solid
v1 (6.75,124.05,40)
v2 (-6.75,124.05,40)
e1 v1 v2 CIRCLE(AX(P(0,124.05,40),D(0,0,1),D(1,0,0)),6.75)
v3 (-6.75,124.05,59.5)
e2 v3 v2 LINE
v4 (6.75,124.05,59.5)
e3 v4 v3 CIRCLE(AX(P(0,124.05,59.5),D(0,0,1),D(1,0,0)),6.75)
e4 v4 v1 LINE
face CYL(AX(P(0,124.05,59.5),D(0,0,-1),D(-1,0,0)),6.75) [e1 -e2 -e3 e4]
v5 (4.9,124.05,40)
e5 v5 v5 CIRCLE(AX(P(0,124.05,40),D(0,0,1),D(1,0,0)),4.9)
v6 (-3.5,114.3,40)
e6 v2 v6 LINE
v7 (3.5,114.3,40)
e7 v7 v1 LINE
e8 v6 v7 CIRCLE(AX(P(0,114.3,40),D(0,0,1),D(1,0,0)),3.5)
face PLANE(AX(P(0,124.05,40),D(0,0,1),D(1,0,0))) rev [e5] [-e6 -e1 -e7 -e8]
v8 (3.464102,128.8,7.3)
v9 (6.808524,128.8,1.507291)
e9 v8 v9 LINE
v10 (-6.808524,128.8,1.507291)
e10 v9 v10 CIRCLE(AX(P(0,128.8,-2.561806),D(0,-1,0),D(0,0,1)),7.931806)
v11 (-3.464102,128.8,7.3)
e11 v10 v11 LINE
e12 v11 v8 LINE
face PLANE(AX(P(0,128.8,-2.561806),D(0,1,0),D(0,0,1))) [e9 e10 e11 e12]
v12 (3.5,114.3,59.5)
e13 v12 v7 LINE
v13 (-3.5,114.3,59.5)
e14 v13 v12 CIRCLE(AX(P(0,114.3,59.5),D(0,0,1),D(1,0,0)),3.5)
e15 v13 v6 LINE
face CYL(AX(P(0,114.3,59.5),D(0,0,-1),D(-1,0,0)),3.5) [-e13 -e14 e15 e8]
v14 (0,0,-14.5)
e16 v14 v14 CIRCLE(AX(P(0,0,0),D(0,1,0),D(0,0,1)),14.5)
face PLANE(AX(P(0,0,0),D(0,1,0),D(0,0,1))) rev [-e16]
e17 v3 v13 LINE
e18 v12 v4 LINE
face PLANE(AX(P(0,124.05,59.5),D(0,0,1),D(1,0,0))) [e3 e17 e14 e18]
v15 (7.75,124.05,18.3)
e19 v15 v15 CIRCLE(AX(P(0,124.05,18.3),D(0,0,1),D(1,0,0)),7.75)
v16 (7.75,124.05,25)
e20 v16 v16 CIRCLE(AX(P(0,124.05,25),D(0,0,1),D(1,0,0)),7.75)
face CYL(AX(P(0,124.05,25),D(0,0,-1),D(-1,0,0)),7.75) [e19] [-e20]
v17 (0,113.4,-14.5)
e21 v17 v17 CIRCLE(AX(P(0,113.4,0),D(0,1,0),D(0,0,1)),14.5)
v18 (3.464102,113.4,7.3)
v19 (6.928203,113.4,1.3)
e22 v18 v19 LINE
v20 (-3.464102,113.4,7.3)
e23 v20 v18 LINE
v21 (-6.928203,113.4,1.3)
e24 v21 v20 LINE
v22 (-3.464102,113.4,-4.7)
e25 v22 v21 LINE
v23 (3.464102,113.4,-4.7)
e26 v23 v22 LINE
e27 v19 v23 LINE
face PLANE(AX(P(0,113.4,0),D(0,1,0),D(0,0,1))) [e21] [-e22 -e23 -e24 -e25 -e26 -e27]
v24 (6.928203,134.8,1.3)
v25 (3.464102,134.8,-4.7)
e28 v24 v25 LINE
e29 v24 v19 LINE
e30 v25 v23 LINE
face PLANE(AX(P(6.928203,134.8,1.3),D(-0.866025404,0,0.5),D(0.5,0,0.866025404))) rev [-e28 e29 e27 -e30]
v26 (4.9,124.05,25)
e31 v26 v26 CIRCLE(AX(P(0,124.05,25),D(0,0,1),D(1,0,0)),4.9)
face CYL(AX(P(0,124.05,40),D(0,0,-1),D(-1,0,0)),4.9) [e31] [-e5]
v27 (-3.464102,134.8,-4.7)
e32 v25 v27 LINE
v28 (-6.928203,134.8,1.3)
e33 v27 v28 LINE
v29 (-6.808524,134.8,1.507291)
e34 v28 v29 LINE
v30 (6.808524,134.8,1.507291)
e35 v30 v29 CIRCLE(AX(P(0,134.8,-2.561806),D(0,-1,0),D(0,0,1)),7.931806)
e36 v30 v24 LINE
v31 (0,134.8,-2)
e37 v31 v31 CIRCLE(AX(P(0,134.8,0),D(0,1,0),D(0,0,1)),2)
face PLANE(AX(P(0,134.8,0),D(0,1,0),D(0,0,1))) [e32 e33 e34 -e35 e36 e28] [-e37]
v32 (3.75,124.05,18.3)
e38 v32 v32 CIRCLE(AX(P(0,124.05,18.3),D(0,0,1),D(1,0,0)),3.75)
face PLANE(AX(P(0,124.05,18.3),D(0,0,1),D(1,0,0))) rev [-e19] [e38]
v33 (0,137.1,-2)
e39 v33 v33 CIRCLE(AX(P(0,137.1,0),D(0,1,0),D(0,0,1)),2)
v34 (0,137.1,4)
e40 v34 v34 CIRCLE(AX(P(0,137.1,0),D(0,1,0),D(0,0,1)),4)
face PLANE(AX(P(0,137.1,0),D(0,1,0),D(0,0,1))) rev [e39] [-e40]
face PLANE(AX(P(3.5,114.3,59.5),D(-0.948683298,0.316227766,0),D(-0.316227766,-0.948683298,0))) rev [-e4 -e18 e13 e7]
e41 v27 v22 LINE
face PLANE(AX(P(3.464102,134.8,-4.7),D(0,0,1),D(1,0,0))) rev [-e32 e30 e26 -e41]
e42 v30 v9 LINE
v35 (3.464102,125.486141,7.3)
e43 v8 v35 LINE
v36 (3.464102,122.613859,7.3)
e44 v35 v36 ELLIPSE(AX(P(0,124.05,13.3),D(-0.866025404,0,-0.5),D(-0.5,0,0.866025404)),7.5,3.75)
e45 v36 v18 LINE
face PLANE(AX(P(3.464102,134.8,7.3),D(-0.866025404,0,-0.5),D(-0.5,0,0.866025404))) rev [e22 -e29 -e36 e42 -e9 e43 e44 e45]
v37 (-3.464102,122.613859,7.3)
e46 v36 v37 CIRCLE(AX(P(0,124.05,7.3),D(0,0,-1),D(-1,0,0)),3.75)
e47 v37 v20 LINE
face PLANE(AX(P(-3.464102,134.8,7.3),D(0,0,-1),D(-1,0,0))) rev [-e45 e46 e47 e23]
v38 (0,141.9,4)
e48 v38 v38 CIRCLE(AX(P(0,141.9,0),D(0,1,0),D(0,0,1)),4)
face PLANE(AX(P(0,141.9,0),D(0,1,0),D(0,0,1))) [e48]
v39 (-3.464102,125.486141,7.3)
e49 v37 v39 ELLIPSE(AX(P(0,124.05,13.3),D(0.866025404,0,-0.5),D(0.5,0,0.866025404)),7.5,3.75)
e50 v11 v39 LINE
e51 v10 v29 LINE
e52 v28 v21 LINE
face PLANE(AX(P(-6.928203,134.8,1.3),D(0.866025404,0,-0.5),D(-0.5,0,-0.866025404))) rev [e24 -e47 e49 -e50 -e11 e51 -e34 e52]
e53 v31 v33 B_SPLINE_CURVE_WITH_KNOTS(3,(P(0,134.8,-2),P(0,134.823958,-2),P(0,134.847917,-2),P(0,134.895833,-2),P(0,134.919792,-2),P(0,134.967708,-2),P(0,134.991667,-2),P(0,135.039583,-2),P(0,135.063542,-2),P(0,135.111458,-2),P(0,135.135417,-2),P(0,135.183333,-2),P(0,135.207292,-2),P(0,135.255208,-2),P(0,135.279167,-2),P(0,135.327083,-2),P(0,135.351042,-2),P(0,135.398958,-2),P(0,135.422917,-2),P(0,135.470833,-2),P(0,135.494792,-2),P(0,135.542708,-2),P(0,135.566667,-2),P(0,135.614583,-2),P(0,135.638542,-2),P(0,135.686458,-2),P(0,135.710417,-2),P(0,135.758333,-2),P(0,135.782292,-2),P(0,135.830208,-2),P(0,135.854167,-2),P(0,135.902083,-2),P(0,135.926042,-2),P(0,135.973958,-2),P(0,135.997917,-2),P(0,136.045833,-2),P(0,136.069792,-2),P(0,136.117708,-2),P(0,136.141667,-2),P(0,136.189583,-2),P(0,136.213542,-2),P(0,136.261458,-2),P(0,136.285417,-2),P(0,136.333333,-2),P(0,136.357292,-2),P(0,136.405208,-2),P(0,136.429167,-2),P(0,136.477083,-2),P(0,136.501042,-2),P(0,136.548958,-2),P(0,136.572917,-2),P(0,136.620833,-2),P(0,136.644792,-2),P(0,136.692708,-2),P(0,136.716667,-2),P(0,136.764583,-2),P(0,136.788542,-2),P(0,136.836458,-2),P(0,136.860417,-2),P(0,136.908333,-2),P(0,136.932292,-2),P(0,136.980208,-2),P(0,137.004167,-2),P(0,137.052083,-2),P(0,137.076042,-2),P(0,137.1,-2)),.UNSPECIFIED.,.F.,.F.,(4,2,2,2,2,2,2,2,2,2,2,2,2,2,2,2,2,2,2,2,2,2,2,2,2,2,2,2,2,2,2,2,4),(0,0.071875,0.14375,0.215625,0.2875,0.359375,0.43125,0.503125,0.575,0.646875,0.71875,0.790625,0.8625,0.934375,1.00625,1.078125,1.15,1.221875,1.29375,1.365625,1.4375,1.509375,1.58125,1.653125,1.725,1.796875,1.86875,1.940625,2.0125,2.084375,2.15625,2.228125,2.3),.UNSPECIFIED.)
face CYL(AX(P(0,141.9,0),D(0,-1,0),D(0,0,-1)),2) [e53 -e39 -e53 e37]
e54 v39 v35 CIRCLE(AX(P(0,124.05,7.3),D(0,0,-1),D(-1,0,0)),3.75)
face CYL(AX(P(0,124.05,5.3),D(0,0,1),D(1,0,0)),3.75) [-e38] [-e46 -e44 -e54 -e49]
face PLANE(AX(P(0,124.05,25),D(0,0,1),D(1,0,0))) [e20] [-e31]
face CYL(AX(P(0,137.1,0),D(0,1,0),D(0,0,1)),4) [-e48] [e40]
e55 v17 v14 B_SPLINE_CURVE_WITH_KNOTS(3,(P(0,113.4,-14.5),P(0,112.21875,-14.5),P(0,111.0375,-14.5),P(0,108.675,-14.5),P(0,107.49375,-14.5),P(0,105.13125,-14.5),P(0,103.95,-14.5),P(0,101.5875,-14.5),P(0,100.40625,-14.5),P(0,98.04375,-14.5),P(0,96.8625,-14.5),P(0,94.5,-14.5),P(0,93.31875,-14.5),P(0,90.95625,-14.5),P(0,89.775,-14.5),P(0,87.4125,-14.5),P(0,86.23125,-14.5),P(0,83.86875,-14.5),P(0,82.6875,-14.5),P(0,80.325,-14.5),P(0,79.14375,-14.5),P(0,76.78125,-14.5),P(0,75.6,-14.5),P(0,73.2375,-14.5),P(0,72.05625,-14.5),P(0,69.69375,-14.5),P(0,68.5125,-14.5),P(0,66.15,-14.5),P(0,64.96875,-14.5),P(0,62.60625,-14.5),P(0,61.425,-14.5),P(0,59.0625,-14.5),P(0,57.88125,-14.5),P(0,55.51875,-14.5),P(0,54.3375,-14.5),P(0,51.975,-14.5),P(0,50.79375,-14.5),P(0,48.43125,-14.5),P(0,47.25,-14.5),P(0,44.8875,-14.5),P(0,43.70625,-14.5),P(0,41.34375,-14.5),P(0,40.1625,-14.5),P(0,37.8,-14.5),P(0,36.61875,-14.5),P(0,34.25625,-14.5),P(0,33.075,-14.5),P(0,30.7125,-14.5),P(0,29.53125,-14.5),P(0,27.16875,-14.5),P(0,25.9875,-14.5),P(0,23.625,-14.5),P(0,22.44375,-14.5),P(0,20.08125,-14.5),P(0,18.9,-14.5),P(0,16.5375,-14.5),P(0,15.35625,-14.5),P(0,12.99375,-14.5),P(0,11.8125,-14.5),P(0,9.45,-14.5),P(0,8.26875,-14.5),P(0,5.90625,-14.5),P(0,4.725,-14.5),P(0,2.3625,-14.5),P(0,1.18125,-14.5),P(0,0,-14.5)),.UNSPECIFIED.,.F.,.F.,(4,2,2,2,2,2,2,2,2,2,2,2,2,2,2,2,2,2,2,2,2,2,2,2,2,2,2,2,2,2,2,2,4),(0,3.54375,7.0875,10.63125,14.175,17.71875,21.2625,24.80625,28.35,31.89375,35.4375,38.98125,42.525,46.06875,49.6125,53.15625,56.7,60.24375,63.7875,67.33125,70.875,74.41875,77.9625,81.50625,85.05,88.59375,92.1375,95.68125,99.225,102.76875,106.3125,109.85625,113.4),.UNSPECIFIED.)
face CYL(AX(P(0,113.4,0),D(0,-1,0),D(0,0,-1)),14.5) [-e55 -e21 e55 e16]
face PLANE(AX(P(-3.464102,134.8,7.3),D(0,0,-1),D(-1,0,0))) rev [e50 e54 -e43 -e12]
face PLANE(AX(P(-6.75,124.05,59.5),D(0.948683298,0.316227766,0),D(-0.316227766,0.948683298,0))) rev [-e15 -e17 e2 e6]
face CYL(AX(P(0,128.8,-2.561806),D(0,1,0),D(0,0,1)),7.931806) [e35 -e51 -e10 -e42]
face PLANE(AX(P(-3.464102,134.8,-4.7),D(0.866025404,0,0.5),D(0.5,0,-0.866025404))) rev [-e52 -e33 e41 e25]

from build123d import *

# Parameters (mm, degrees)
SKETCH1_R                = 14.5
BOSS_EXTRUDE1_DEPTH      = 113.4
SKETCH2_R                = 2
BOSS_EXTRUDE2_DEPTH      = 28.5
SKETCH3_R                = 4
BOSS_EXTRUDE3_DEPTH      = 4.8
BOSS_EXTRUDE4_DEPTH      = 21.4
CUT_EXTRUDE1_DEPTH       = 6
BOSS_EXTRUDE5_DEPTH      = 11
BOSS_EXTRUDE5_DEPTH_BACK = 2
SKETCH7_R                = 3.75
SKETCH8_R                = 7.75
BOSS_EXTRUDE6_DEPTH      = 6.7
SKETCH9_R                = 4.9
BOSS_EXTRUDE7_DEPTH      = 15
BOSS_EXTRUDE8_DEPTH      = 19.5


with BuildPart() as part:
    # Sketch1 → Boss-Extrude1 (new body)
    with BuildSketch(Plane(origin=(0, 0, 0), x_dir=(1, 0, 0), z_dir=(0, 1, 0))):
        with Locations(Location((0, 0, 0), (0, 0, 90))):
            Circle(SKETCH1_R)
    extrude(amount=BOSS_EXTRUDE1_DEPTH)

    # Sketch2 → Boss-Extrude2 (add)
    with BuildSketch(Plane(origin=(0, 113.4, 0), x_dir=(1, 0, 0), z_dir=(0, 1, 0))):
        with Locations(Location((0, 0, 0), (0, 0, 90))):
            Circle(SKETCH2_R)
    extrude(amount=BOSS_EXTRUDE2_DEPTH)

    # Sketch3 → Boss-Extrude3 (add)
    with BuildSketch(Plane(origin=(0, 141.9, 0), x_dir=(1, 0, 0), z_dir=(0, 1, 0))):
        with Locations(Location((0, 0, 0), (0, 0, 270))):
            Circle(SKETCH3_R)
    extrude(amount=-BOSS_EXTRUDE3_DEPTH)

    # Sketch4 → Boss-Extrude4 (add)
    with BuildSketch(Plane(origin=(0, 113.4, 0), x_dir=(1, 0, 0), z_dir=(0, 1, 0))):
        Polygon((3.464101615, 4.7), (-3.464101615, 4.7), (-6.92820323, -1.3), (-3.464101615, -7.3), (3.464101615, -7.3), (6.92820323, -1.3), align=None)
    extrude(amount=BOSS_EXTRUDE4_DEPTH)

    # Sketch6 → Cut-Extrude1 (cut)
    with BuildSketch(Plane(origin=(0, 134.8, 0), x_dir=(1, 0, 0), z_dir=(0, 1, 0))):
        with BuildLine():
            Line((-6.92820323, -1.3), (-6.92820323, -9.46576474))
            Line((-6.92820323, -9.46576474), (6.92820323, -9.46576474))
            Line((6.92820323, -9.46576474), (6.92820323, -1.3))
            ThreePointArc((6.92820323, -1.3), (0, -5.37), (-6.92820323, -1.3))
        make_face()
    extrude(amount=-CUT_EXTRUDE1_DEPTH, mode=Mode.SUBTRACT)

    # Sketch7 → Boss-Extrude5 (add, two sides: drawn at the far end of the back side and taken through both)
    with BuildSketch(Plane.XY.offset(7.3).offset(-BOSS_EXTRUDE5_DEPTH_BACK)):
        with Locations((0, 124.05)):
            Circle(SKETCH7_R)
    extrude(amount=BOSS_EXTRUDE5_DEPTH + BOSS_EXTRUDE5_DEPTH_BACK)

    # Sketch8 → Boss-Extrude6 (add)
    with BuildSketch(Plane.XY.offset(18.3)):
        with Locations((0, 124.05)):
            Circle(SKETCH8_R)
    extrude(amount=BOSS_EXTRUDE6_DEPTH)

    # Sketch9 → Boss-Extrude7 (add)
    with BuildSketch(Plane.XY.offset(25)):
        with Locations((0, 124.05)):
            Circle(SKETCH9_R)
    extrude(amount=BOSS_EXTRUDE7_DEPTH)

    # Sketch10 → Boss-Extrude8 (add)
    with BuildSketch(Plane.XY.offset(40)):
        with BuildLine():
            Line((-6.75, 124.05), (-3.5, 114.3))
            ThreePointArc((-3.5, 114.3), (0, 110.8), (3.5, 114.3))
            Line((3.5, 114.3), (6.75, 124.05))
            ThreePointArc((6.75, 124.05), (0, 130.8), (-6.75, 124.05))
        make_face()
    extrude(amount=BOSS_EXTRUDE8_DEPTH)


solid = part.part
